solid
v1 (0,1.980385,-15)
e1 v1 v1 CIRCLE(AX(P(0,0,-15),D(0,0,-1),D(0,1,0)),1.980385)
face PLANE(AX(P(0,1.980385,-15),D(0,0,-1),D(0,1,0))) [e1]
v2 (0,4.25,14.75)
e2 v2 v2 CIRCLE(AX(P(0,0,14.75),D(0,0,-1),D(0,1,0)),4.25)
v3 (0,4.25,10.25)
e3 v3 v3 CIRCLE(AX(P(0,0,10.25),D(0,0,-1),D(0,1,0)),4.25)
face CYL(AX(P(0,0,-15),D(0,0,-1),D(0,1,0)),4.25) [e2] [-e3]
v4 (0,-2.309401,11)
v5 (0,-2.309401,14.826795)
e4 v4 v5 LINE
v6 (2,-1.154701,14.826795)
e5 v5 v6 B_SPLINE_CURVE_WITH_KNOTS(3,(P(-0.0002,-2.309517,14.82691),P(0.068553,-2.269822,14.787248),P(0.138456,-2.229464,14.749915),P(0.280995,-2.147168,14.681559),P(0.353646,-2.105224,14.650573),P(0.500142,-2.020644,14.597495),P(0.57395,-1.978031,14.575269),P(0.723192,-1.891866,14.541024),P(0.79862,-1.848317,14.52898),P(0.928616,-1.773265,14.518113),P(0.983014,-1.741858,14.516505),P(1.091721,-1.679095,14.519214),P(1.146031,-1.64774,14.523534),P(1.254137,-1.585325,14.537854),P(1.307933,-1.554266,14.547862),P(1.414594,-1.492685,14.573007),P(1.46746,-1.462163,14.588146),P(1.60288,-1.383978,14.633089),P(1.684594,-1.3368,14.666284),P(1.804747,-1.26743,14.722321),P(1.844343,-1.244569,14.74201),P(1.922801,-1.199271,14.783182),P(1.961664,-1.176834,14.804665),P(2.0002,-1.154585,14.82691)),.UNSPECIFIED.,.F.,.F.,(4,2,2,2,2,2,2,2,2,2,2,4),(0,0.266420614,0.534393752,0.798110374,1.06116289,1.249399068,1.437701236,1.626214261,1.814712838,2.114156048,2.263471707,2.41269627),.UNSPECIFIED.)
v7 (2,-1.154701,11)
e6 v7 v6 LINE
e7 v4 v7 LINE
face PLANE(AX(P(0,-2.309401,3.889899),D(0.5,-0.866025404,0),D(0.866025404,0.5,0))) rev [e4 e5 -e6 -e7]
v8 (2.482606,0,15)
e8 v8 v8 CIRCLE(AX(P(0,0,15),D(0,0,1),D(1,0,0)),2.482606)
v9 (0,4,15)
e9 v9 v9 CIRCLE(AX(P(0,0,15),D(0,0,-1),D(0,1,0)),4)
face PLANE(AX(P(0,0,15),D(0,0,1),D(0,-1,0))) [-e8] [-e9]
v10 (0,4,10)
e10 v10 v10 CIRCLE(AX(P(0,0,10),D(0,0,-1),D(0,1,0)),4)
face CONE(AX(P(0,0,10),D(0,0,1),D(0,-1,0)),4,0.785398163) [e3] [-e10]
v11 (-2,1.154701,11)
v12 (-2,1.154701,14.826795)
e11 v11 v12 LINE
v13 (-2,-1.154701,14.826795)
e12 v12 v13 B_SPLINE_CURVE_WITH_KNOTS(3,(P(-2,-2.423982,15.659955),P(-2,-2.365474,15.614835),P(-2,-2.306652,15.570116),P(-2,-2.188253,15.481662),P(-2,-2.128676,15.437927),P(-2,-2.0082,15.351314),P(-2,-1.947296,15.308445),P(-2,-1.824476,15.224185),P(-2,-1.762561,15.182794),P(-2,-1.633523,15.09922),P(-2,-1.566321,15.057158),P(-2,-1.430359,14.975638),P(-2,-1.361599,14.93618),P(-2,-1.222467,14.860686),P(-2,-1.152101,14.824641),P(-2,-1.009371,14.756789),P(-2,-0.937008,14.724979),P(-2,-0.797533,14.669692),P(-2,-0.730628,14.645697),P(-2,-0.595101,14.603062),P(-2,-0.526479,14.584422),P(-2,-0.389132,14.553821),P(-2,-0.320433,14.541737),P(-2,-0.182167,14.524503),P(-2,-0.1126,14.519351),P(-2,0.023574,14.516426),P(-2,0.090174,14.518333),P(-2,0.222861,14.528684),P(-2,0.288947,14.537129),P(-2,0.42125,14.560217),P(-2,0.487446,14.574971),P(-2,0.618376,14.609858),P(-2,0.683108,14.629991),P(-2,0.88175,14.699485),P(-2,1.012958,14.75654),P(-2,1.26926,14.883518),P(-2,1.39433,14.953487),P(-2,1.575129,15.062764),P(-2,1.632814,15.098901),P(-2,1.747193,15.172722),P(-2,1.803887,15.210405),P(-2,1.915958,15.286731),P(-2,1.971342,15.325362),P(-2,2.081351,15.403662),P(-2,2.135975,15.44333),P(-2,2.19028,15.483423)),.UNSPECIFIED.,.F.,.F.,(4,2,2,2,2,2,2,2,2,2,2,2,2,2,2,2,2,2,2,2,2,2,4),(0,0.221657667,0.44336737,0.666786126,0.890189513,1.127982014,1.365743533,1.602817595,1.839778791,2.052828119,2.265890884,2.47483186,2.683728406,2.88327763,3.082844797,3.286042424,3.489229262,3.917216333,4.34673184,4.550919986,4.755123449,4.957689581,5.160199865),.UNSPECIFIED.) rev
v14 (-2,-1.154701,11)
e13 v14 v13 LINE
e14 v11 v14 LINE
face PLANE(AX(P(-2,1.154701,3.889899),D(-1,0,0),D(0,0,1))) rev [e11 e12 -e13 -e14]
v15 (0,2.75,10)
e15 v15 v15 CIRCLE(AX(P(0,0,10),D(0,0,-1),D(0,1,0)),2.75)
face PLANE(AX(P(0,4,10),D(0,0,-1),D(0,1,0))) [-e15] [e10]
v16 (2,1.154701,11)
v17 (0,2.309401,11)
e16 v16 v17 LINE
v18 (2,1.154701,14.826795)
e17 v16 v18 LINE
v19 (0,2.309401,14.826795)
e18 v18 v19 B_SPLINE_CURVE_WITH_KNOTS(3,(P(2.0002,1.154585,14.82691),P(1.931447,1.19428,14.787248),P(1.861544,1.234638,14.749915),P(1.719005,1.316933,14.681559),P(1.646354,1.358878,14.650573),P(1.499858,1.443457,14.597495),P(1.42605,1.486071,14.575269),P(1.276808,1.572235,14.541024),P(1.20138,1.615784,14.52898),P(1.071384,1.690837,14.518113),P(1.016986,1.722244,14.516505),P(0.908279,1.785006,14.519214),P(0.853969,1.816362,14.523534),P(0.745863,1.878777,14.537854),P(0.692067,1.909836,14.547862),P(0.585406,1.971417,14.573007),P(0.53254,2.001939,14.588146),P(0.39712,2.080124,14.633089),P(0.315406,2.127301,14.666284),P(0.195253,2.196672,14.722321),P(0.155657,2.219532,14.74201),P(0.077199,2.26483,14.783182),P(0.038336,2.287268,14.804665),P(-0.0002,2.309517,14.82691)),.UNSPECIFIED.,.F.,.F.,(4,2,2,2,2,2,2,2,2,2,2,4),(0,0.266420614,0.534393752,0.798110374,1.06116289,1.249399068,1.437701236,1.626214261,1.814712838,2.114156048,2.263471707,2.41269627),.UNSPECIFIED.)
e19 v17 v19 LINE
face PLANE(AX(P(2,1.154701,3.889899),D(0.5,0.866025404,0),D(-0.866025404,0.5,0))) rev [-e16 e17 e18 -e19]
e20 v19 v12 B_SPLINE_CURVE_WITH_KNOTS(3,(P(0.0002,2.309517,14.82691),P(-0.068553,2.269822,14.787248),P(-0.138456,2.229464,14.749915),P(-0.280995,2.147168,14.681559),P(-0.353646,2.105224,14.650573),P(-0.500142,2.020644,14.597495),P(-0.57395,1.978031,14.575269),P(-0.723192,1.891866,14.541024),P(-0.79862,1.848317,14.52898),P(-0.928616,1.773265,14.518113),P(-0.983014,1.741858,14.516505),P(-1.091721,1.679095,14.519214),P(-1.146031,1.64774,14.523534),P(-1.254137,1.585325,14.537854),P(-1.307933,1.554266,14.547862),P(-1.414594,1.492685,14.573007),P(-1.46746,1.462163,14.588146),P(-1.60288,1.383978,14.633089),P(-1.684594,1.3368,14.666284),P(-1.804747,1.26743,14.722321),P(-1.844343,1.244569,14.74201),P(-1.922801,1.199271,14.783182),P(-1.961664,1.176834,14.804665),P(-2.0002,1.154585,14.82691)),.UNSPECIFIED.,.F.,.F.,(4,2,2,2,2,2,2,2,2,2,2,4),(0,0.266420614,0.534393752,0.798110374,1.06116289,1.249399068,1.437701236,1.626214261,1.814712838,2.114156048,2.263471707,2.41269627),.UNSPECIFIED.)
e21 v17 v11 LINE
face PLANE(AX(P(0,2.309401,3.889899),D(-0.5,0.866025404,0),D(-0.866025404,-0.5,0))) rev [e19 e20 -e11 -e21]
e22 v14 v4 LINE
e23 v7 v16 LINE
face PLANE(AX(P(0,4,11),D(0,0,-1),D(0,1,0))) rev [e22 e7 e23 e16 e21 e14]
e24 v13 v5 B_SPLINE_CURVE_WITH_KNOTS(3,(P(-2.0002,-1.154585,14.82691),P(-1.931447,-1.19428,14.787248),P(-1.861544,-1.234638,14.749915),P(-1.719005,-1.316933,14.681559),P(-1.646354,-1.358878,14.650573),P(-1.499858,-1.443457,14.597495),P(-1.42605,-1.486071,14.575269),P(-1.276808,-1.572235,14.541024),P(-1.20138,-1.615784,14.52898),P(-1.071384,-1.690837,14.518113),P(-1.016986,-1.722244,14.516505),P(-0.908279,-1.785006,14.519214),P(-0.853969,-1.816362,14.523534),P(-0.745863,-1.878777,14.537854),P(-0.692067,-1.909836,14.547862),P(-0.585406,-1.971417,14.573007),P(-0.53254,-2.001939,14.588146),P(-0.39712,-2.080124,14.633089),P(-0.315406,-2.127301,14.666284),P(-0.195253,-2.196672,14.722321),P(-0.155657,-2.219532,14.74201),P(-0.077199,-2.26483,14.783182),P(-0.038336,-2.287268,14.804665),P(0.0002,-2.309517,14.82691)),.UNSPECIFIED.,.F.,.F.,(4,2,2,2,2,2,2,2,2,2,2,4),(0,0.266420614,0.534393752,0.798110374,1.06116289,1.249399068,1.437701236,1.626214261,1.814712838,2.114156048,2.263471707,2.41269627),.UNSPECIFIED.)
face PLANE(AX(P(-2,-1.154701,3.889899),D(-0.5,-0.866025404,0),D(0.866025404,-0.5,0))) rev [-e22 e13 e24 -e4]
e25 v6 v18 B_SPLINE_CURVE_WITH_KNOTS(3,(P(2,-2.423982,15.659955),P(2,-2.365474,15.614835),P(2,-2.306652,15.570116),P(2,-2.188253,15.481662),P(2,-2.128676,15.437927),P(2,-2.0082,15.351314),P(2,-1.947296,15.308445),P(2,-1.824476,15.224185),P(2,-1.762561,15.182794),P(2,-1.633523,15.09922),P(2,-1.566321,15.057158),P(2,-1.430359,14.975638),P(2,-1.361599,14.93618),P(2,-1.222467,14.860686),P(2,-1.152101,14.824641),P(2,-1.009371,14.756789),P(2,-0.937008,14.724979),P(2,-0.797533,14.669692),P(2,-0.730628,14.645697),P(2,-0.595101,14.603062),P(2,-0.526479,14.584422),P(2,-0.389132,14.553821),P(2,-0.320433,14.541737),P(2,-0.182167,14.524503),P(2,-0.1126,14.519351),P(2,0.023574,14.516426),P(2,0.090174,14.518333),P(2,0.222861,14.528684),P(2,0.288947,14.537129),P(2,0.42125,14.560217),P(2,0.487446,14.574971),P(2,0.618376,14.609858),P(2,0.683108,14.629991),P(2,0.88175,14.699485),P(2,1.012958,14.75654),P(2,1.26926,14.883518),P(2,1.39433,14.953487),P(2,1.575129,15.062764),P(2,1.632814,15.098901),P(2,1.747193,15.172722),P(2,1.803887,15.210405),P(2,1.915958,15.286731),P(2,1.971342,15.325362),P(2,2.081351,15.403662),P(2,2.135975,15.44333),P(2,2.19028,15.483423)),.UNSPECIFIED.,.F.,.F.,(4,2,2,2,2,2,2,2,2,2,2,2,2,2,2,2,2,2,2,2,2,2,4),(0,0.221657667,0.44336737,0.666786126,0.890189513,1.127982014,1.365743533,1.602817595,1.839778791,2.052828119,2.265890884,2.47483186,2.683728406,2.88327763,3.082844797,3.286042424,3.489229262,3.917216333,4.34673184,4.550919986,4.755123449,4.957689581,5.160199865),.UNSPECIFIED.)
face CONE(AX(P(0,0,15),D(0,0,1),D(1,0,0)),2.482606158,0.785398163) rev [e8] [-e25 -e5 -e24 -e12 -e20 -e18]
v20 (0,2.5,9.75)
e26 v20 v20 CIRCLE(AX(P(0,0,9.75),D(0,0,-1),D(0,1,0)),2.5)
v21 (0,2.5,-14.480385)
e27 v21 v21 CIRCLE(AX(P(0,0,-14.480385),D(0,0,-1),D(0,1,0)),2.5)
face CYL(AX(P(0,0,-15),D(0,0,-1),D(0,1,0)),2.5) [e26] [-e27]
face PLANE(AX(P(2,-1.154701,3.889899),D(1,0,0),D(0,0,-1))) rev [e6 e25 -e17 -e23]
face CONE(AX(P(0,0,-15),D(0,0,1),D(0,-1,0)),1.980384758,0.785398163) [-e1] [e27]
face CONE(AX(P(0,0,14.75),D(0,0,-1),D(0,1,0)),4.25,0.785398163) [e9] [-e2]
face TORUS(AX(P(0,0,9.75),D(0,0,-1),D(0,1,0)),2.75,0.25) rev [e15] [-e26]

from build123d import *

# Parameters (mm, degrees)
CUT_EXTRUDE1_DEPTH = 4


with BuildPart() as part:
    # Sketch2 → Revolve1 (revolve)
    with BuildSketch(Plane(origin=(0, 0, 0), x_dir=(0, 0, -1), z_dir=(1, 0, 0))):
        with BuildLine():
            Line((-15, 0), (-15, 4))
            Line((-15, 4), (-14.75, 4.25))
            Line((-14.75, 4.25), (-10.25, 4.25))
            Line((-10.25, 4.25), (-10, 4))
            Line((-10, 4), (-10, 2.75))
            ThreePointArc((-10, 2.75), (-9.926776695, 2.573223305), (-9.75, 2.5))
            Line((-9.75, 2.5), (14.480384758, 2.5))
            Line((14.480384758, 2.5), (15, 1.980384758))
            Line((15, 1.980384758), (15, 0))
            Line((15, 0), (-15, 0))
        make_face()
    revolve(axis=Axis((0, 0, -15), (0, 0, 1)))

    # Sketch3 → Cut-Extrude1 (cut)
    with BuildSketch(Plane.XY.offset(15)):
        Polygon((2, -1.154700538), (2, 1.154700538), (0, 2.309401077), (-2, 1.154700538), (-2, -1.154700538), (0, -2.309401077), align=None)
    extrude(amount=-CUT_EXTRUDE1_DEPTH, mode=Mode.SUBTRACT)

    # Cut-Extrude2 cone 1 section (through the dimple's axis) → Cut-Extrude2 (revolve, cut)
    with BuildSketch(Plane(origin=(0, 0, 15), x_dir=(0, -1, 0), z_dir=(1, 0, 0))):
        Polygon((0, 0), (2.482606158, 0), (0, 2.482606158), align=None)
    revolve(axis=Axis((0, 0, 15), (0, 0, -1)), mode=Mode.SUBTRACT)


solid = part.part
